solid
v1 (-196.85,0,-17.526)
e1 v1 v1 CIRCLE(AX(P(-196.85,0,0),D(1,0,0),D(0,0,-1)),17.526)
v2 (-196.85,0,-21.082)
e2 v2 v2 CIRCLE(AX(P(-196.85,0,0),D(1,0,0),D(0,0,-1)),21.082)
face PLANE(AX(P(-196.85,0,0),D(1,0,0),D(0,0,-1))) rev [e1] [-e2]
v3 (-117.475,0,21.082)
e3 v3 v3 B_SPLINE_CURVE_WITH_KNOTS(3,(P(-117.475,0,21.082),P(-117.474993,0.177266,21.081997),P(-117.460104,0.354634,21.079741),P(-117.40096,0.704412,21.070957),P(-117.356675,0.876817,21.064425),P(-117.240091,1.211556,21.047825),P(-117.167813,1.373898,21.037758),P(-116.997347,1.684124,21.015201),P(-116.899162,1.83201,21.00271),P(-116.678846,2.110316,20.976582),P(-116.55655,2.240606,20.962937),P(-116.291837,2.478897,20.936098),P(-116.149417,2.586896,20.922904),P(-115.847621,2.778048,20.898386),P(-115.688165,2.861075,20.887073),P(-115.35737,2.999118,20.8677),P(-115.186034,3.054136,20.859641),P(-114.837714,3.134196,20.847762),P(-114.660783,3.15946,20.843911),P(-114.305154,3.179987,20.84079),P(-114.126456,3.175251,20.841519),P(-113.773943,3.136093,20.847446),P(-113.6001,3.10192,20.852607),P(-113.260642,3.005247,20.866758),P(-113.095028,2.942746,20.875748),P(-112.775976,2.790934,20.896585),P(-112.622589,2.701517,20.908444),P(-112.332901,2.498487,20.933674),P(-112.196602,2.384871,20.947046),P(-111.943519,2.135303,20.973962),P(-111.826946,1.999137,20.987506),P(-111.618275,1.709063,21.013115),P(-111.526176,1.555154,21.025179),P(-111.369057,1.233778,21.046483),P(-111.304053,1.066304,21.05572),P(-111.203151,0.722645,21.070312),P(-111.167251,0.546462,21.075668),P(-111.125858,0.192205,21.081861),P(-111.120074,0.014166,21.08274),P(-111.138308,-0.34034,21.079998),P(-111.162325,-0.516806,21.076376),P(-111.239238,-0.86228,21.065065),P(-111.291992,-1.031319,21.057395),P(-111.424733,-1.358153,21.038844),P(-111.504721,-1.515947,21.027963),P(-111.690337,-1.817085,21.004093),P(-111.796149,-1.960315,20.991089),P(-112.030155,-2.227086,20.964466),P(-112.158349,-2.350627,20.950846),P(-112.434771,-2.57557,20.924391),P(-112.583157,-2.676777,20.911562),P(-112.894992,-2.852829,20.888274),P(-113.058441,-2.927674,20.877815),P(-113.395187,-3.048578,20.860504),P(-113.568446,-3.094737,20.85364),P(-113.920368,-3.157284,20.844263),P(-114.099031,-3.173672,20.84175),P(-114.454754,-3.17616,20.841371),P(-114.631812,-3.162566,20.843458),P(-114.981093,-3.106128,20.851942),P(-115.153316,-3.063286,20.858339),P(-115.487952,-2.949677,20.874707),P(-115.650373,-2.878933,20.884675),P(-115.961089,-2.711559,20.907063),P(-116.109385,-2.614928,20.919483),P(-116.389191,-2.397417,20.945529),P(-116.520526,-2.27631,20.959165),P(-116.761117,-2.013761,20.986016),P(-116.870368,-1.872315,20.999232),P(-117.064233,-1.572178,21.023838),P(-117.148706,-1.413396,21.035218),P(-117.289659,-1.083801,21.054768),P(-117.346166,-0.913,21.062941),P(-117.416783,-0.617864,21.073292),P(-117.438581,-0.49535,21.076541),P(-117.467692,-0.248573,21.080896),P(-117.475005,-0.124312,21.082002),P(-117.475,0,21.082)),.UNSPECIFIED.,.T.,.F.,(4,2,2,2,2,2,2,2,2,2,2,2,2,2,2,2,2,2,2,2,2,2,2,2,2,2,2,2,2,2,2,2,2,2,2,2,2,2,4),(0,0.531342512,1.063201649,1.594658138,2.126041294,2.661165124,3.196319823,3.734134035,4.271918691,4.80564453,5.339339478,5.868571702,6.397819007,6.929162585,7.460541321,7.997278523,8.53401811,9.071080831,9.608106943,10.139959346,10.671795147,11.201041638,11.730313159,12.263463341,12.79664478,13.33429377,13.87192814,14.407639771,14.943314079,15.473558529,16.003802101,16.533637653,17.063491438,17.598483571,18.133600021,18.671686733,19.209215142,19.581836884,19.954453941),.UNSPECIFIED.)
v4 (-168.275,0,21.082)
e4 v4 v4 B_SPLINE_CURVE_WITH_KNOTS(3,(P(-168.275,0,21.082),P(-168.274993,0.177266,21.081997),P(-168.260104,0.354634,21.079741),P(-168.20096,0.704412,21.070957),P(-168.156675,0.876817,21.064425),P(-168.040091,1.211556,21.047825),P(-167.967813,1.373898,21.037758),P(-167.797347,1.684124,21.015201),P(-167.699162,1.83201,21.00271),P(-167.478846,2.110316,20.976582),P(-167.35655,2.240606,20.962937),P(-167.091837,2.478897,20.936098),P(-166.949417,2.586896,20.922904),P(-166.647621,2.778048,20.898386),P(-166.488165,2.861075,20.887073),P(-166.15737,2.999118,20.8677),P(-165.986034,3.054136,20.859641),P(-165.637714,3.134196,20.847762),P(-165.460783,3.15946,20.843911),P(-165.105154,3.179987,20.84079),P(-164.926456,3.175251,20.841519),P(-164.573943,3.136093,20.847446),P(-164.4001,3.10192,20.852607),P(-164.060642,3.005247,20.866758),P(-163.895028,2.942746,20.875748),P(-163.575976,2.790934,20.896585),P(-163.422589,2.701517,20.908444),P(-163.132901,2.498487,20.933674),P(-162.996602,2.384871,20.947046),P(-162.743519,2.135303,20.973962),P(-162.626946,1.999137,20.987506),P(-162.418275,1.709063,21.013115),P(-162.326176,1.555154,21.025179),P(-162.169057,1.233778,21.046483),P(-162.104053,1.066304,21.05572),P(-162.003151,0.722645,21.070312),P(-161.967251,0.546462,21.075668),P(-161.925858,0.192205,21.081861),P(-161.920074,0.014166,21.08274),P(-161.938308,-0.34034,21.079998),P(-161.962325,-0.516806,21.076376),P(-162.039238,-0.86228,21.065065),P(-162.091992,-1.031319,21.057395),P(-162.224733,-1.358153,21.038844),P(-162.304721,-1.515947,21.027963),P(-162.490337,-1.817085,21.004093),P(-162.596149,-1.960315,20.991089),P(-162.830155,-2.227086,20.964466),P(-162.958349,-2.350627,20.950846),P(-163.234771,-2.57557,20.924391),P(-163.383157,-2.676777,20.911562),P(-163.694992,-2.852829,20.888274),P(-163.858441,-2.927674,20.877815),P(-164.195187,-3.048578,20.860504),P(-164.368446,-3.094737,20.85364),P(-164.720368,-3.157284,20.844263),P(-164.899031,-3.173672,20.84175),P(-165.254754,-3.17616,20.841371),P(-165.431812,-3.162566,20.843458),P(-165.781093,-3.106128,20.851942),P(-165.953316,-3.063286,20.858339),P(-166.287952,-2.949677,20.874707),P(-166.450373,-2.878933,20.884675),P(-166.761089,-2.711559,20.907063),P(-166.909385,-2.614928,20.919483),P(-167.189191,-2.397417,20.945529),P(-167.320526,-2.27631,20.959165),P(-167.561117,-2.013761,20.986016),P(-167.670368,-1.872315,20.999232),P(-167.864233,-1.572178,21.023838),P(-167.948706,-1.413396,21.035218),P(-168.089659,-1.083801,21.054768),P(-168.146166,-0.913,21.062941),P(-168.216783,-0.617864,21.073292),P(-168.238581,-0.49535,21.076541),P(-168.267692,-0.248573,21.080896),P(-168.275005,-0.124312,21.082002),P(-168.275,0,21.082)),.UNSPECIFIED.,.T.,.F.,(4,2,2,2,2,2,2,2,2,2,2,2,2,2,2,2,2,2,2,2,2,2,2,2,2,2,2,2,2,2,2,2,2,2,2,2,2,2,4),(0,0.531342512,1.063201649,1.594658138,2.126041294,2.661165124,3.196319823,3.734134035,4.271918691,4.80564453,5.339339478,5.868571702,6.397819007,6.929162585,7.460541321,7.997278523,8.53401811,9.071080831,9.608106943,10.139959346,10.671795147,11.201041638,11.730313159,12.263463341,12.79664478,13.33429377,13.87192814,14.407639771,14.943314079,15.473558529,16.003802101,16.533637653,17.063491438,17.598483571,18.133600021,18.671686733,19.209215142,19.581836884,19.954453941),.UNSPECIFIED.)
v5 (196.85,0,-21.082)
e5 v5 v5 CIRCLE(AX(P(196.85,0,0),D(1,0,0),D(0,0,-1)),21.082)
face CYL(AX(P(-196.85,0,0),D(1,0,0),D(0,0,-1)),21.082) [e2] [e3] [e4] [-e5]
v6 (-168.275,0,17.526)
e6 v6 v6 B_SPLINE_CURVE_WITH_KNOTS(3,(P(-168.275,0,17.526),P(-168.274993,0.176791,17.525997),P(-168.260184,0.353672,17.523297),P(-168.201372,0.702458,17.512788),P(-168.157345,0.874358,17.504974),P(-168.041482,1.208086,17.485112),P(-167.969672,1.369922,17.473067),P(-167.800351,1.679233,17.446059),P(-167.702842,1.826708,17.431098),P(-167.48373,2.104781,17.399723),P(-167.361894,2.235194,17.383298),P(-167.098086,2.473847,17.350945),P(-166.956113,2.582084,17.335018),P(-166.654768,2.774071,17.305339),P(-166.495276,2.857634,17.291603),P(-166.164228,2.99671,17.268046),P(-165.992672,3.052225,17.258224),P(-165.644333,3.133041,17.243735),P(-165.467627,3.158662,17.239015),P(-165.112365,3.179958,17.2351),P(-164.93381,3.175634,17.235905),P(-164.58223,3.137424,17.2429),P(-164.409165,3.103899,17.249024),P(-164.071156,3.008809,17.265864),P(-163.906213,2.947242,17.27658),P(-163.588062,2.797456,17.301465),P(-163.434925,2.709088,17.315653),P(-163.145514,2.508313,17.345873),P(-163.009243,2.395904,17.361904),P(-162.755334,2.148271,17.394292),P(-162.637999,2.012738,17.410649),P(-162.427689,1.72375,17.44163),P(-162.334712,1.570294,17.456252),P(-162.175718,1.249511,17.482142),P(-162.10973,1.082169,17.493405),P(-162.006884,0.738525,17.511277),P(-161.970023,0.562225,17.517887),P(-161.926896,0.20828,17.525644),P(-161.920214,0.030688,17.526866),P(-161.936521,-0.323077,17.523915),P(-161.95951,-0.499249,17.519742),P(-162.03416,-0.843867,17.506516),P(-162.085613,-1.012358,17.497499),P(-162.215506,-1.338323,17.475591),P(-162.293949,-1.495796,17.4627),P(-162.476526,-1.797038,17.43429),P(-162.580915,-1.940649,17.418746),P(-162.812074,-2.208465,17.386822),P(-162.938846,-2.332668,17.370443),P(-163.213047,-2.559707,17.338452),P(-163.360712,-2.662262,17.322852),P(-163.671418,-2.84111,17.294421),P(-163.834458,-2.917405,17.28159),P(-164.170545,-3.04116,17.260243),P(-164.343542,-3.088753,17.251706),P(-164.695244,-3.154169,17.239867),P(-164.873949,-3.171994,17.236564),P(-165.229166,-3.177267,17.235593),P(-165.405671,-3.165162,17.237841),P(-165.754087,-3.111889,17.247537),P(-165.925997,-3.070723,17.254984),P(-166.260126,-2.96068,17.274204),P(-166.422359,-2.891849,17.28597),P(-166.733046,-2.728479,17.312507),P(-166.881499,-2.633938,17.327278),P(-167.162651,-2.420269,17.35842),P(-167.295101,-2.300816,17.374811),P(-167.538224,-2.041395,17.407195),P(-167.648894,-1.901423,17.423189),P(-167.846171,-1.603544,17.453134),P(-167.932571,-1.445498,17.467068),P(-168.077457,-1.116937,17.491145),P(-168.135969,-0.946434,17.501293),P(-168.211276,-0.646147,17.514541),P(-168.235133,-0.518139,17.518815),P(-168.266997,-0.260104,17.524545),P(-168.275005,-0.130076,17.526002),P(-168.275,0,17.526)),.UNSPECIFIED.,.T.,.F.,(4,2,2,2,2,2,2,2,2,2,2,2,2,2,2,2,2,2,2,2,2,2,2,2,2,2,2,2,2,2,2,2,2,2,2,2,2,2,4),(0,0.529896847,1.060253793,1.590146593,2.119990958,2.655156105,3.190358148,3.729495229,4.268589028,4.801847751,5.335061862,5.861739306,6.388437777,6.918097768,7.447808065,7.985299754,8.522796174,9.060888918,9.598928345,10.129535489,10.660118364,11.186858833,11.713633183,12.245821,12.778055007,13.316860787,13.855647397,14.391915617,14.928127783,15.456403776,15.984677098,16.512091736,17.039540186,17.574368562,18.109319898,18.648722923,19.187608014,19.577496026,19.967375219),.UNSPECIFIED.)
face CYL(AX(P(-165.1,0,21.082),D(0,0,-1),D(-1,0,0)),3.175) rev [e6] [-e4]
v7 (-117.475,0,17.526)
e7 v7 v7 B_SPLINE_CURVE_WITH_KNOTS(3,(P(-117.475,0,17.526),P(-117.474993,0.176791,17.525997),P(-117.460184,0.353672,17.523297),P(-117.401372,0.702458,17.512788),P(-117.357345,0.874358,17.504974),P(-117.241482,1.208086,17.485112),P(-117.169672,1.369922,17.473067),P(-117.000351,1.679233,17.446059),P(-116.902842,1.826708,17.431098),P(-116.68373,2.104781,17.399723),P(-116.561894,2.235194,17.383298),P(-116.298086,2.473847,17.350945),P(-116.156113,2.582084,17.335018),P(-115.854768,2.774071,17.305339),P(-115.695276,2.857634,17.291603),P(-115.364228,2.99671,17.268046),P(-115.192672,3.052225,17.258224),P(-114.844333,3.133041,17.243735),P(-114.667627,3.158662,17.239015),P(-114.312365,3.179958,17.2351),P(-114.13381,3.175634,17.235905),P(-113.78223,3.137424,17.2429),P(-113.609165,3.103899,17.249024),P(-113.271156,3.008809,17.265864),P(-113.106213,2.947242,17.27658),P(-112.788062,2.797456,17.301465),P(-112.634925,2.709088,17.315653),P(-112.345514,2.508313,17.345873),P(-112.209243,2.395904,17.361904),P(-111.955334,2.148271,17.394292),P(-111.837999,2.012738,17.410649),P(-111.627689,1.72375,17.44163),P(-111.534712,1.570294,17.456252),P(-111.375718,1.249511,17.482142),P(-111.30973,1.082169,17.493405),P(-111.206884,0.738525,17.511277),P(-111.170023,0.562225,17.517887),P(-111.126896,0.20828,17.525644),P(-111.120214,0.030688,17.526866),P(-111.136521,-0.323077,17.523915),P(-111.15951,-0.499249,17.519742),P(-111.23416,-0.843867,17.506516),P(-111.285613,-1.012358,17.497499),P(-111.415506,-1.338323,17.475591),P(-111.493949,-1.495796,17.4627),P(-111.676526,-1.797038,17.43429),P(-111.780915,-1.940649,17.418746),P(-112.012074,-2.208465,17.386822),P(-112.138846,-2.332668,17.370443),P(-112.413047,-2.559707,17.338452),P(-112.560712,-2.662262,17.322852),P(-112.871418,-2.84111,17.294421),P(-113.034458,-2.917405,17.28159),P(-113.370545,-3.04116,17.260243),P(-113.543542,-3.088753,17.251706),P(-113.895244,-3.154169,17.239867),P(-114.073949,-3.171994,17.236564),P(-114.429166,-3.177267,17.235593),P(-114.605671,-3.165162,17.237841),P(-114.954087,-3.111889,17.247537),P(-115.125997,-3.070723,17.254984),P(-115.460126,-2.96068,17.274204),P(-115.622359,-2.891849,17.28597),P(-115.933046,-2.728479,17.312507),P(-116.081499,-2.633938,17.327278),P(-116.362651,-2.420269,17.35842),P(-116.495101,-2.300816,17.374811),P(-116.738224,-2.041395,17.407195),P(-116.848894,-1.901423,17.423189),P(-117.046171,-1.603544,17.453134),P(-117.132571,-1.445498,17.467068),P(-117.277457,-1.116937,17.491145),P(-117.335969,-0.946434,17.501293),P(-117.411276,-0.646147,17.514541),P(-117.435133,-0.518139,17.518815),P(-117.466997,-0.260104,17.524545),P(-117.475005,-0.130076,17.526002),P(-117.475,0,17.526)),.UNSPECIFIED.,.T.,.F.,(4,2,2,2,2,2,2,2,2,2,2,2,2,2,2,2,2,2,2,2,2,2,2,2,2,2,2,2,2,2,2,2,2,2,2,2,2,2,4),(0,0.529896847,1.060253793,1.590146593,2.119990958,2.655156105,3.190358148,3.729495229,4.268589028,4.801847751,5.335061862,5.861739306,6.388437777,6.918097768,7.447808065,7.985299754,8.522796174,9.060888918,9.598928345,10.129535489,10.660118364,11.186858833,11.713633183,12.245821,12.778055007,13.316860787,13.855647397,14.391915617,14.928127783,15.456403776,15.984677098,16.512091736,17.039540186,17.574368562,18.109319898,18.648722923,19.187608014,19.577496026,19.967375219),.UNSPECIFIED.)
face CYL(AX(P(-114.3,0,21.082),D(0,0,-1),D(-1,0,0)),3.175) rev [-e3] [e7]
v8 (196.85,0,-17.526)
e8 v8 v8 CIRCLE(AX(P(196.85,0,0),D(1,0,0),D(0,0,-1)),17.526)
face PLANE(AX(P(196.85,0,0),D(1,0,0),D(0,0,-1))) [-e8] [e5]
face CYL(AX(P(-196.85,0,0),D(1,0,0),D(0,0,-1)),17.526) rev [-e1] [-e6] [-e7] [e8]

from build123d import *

# Parameters (mm, degrees)
BOSS_EXTRUDE1_DEPTH      = 196.85
BOSS_EXTRUDE1_DEPTH_BACK = 196.85
SKETCH1_R                = 21.082
SKETCH1_R_2              = 17.526
SKETCH2_R                = 3.175
CUT_EXTRUDE1_DEPTH       = 200.095012363


with BuildPart() as part:
    # Sketch1 → Boss-Extrude1 (new, two sides: drawn at the far end of the back side and taken through both)
    with BuildSketch(Plane(origin=(0, 0, 0), x_dir=(0, 0, -1), z_dir=(1, 0, 0)).offset(-BOSS_EXTRUDE1_DEPTH_BACK)):
        Circle(SKETCH1_R)
        Circle(SKETCH1_R_2, mode=Mode.SUBTRACT)
    extrude(amount=BOSS_EXTRUDE1_DEPTH + BOSS_EXTRUDE1_DEPTH_BACK)

    # Sketch2 → Cut-Extrude1 (cut, through all)
    with BuildSketch(Plane.XY):
        with Locations((-114.3, 0)):
            Circle(SKETCH2_R)
        with Locations((-165.1, 0)):
            Circle(SKETCH2_R)
    extrude(amount=CUT_EXTRUDE1_DEPTH, mode=Mode.SUBTRACT)


solid = part.part
